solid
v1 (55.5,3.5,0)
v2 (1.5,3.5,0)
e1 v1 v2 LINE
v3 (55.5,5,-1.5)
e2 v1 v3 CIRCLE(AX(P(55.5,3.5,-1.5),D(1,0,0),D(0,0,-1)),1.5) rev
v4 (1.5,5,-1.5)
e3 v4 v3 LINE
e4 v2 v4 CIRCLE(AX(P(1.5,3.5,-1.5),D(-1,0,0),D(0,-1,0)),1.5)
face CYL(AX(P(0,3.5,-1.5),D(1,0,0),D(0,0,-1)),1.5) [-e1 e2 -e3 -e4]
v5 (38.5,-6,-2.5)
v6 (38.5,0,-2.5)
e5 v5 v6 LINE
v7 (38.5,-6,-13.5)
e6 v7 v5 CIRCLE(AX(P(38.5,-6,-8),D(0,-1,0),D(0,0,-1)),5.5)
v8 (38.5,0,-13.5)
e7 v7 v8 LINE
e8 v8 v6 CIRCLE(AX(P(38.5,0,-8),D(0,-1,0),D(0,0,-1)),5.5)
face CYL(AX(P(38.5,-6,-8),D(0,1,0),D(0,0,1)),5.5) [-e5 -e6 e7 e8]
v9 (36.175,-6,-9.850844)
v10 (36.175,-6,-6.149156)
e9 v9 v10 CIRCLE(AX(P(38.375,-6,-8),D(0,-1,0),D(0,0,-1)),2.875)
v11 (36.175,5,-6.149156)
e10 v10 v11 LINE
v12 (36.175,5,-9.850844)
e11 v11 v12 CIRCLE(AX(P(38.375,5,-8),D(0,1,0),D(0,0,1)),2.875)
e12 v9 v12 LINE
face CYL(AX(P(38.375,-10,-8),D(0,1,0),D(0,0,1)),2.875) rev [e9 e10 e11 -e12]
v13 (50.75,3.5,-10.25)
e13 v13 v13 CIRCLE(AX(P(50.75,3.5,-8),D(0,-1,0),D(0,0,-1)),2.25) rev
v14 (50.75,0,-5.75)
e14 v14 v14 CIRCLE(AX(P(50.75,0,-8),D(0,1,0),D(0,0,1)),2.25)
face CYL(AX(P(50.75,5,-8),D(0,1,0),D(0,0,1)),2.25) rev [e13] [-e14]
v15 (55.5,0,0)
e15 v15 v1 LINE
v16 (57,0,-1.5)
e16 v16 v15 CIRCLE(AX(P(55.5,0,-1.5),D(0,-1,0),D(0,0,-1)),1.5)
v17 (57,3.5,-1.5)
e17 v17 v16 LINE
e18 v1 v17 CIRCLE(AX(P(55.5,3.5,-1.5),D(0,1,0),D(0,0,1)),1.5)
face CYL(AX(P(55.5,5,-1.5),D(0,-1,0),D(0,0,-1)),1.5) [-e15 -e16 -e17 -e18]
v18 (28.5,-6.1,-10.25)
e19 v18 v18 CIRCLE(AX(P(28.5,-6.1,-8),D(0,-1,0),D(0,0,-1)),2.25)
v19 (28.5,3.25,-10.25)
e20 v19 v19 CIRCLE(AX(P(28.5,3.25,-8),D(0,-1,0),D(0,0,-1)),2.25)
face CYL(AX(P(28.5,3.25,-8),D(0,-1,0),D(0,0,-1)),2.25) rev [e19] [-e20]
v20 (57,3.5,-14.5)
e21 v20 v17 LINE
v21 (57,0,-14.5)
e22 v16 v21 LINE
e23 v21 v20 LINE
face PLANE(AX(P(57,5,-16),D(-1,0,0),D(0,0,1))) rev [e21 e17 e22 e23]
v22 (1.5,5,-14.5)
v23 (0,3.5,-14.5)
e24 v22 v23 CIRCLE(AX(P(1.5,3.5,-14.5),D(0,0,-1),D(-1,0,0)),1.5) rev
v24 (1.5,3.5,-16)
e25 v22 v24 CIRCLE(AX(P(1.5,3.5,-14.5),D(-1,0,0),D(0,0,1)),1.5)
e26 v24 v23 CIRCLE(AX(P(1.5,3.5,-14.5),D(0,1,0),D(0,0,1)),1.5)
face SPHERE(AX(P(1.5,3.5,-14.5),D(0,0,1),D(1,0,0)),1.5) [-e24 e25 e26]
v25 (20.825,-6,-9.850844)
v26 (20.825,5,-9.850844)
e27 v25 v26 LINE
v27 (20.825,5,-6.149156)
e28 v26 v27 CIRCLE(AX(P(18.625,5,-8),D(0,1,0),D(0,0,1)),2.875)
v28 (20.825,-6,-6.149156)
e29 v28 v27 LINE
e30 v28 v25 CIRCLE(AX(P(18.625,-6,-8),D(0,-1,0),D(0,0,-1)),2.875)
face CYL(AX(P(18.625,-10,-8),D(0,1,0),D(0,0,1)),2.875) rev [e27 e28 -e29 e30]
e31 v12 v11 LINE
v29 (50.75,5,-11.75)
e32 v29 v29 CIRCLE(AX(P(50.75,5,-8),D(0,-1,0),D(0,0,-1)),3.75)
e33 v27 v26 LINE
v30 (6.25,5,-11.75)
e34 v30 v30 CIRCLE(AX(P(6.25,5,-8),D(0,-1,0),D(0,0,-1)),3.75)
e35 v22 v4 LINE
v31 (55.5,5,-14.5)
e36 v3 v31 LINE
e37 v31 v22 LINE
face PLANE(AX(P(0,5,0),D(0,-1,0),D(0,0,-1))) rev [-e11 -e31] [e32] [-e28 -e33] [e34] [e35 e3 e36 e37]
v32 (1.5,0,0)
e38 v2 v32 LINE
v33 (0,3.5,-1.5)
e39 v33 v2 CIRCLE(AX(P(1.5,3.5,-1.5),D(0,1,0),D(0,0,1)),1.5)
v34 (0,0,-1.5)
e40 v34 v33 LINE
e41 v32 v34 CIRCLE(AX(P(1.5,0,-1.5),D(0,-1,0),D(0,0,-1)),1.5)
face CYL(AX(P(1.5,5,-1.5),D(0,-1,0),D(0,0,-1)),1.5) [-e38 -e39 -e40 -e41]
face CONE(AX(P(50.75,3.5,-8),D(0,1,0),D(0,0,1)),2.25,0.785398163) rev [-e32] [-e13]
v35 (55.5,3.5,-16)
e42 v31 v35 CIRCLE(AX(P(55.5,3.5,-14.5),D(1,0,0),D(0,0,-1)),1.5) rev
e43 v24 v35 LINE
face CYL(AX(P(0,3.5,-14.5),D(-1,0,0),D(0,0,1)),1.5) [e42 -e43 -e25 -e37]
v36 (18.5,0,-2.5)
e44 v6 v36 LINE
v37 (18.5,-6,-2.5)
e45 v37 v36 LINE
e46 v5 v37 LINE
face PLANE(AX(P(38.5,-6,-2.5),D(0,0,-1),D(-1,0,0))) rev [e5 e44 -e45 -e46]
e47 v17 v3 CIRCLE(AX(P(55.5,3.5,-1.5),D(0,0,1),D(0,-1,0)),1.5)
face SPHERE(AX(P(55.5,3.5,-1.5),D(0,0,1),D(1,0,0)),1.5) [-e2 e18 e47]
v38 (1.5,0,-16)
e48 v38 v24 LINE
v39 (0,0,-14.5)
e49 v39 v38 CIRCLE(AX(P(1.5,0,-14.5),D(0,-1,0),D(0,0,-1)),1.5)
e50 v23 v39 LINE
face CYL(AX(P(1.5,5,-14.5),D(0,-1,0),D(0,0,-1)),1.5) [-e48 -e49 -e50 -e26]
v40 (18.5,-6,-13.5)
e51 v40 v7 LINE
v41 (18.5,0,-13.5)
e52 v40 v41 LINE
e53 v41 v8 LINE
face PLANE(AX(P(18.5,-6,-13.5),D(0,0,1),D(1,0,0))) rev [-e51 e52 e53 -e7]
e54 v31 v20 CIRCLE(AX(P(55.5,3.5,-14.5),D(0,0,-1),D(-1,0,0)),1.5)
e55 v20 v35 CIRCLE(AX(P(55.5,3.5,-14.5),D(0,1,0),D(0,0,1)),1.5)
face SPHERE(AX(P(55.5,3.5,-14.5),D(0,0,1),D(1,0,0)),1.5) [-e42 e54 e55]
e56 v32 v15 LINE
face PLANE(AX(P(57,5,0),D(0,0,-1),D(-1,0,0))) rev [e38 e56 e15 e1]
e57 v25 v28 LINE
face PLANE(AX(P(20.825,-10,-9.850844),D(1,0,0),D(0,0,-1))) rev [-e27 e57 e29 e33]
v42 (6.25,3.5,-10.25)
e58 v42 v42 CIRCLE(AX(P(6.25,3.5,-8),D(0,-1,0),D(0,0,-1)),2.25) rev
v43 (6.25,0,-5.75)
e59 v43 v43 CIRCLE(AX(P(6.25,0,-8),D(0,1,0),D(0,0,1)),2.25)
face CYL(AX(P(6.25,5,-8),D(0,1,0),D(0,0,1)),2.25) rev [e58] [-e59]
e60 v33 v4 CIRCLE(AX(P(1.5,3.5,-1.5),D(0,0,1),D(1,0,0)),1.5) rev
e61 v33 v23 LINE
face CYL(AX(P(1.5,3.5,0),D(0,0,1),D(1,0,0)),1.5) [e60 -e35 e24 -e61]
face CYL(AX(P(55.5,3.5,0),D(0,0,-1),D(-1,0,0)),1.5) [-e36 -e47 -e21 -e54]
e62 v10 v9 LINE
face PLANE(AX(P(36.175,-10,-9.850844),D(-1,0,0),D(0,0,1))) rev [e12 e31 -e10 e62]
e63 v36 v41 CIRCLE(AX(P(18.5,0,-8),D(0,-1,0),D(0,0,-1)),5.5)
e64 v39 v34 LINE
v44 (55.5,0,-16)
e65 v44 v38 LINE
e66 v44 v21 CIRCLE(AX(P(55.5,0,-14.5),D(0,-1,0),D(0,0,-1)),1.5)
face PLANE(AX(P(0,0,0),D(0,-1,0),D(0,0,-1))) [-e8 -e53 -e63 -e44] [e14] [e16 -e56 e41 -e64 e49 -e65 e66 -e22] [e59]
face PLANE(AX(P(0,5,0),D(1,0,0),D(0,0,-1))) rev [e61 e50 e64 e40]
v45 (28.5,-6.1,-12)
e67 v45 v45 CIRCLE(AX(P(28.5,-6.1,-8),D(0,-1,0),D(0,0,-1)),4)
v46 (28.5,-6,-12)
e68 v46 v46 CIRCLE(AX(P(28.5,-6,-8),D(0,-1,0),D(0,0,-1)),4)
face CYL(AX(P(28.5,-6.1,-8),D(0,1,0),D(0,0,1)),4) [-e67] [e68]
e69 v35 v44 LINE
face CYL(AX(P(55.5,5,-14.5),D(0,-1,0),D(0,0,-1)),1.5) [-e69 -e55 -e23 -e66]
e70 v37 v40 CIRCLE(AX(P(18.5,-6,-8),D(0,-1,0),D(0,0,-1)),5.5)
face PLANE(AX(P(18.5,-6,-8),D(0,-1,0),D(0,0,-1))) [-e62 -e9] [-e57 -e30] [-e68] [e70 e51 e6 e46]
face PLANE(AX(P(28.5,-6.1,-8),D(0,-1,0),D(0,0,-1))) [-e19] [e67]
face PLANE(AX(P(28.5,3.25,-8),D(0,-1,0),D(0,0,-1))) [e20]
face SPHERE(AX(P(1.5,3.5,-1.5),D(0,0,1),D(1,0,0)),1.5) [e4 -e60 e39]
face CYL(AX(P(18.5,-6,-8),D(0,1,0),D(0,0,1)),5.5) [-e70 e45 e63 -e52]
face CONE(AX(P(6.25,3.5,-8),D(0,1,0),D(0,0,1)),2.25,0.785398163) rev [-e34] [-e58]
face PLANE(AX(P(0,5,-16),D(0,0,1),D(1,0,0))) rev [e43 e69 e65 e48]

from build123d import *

# Parameters (mm, degrees)
SKETCH_1_W          = 57
SKETCH_1_H          = 16
EXTRUDE_1_DEPTH     = 5
FILLET_1_R          = 1.5
CUT_EXTRUDE_1_DEPTH = 15
HOLE_WIZARD_M41_D   = 4.5
CHAMFER_1_SIZE      = 1.5
EXTRUDE_2_DEPTH     = 6
SKETCH_9_R          = 2.25
CUT_EXTRUDE_2_DEPTH = 9.25
EXTRUDE_START       = 0.1
SKETCH_10_R         = 4
SKETCH_10_R_2       = 2.25
EXTRUDE_3_DEPTH     = 0.1


with BuildPart() as part:
    # Эскиз1 → Бобышка-Вытянуть1 (new body)
    with BuildSketch(Plane(origin=(0, 0, 0), x_dir=(1, 0, 0), z_dir=(0, 1, 0))):
        with Locations((28.5, 8)):
            Rectangle(SKETCH_1_W, SKETCH_1_H)
    extrude(amount=EXTRUDE_1_DEPTH)

    # Скругление1
    fillet_1_edges = [part.edges().sort_by_distance(p)[0] for p in [
        (28.5, 5, -16),
        (0, 5, -8),
        (28.5, 5, 0),
        (57, 5, -8),
        (0, 2.5, 0),
        (0, 2.5, -16),
        (57, 2.5, -16),
        (57, 2.5, 0),
    ]]
    fillet(fillet_1_edges, radius=FILLET_1_R)

    # Эскиз2 → Вырез-Вытянуть1 (cut)
    with BuildSketch(Plane(origin=(0, 5, 0), x_dir=(1, 0, 0), z_dir=(0, 1, 0))):
        with BuildLine():
            Line((36.175, 9.850844402), (36.175, 6.149155598))
            ThreePointArc((36.175, 6.149155598), (41.25, 8), (36.175, 9.850844402))
        make_face()
        with BuildLine():
            Line((20.825, 9.850844402), (20.825, 6.149155598))
            ThreePointArc((20.825, 6.149155598), (15.75, 8), (20.825, 9.850844402))
        make_face()
    extrude(amount=-CUT_EXTRUDE_1_DEPTH, mode=Mode.SUBTRACT)

    # Отверстие с зазором M41 (through all)
    with Locations(Plane(origin=(0, 5, 0), x_dir=(1, 0, 0), z_dir=(0, 1, 0))):
        with Locations((6.25, 8), (50.75, 8)):
            Hole(HOLE_WIZARD_M41_D / 2)

    # Фаска1
    chamfer_1_edges = [part.edges().sort_by_distance(p)[0] for p in [
        (53, 5, -8),
        (8.5, 5, -8),
    ]]
    chamfer(chamfer_1_edges, length=CHAMFER_1_SIZE)

    # Эскиз8 → Бобышка-Вытянуть2 (add)
    with BuildSketch(Plane.XZ):
        with BuildLine():
            Line((38.5, -2.5), (18.5, -2.5))
            ThreePointArc((18.5, -2.5), (13, -8), (18.5, -13.5))
            Line((18.5, -13.5), (38.5, -13.5))
            ThreePointArc((38.5, -13.5), (44, -8), (38.5, -2.5))
        make_face()
        with BuildLine():
            Line((36.175, -6.149155598), (36.175, -9.850844402))
            ThreePointArc((36.175, -9.850844402), (41.25, -8), (36.175, -6.149155598))
        make_face(mode=Mode.SUBTRACT)
        with BuildLine():
            Line((20.825, -9.850844402), (20.825, -6.149155598))
            ThreePointArc((20.825, -6.149155598), (15.75, -8), (20.825, -9.850844402))
        make_face(mode=Mode.SUBTRACT)
    extrude(amount=EXTRUDE_2_DEPTH)

    # Эскиз9 → Вырез-Вытянуть2 (cut)
    with BuildSketch(Plane.XZ.offset(6)):
        with Locations(Location((28.5, -8, 0), (0, 0, 270))):
            Circle(SKETCH_9_R)
    extrude(amount=-CUT_EXTRUDE_2_DEPTH, mode=Mode.SUBTRACT)

    # Эскиз10 → Бобышка-Вытянуть3 (add)
    with BuildSketch(Plane.XZ.offset(6).offset(EXTRUDE_START)):
        with Locations(Location((28.5, -8, 0), (0, 0, 270))):
            Circle(SKETCH_10_R)
        with Locations(Location((28.5, -8, 0), (0, 0, 270))):
            Circle(SKETCH_10_R_2, mode=Mode.SUBTRACT)
    extrude(amount=-EXTRUDE_3_DEPTH)


solid = part.part
